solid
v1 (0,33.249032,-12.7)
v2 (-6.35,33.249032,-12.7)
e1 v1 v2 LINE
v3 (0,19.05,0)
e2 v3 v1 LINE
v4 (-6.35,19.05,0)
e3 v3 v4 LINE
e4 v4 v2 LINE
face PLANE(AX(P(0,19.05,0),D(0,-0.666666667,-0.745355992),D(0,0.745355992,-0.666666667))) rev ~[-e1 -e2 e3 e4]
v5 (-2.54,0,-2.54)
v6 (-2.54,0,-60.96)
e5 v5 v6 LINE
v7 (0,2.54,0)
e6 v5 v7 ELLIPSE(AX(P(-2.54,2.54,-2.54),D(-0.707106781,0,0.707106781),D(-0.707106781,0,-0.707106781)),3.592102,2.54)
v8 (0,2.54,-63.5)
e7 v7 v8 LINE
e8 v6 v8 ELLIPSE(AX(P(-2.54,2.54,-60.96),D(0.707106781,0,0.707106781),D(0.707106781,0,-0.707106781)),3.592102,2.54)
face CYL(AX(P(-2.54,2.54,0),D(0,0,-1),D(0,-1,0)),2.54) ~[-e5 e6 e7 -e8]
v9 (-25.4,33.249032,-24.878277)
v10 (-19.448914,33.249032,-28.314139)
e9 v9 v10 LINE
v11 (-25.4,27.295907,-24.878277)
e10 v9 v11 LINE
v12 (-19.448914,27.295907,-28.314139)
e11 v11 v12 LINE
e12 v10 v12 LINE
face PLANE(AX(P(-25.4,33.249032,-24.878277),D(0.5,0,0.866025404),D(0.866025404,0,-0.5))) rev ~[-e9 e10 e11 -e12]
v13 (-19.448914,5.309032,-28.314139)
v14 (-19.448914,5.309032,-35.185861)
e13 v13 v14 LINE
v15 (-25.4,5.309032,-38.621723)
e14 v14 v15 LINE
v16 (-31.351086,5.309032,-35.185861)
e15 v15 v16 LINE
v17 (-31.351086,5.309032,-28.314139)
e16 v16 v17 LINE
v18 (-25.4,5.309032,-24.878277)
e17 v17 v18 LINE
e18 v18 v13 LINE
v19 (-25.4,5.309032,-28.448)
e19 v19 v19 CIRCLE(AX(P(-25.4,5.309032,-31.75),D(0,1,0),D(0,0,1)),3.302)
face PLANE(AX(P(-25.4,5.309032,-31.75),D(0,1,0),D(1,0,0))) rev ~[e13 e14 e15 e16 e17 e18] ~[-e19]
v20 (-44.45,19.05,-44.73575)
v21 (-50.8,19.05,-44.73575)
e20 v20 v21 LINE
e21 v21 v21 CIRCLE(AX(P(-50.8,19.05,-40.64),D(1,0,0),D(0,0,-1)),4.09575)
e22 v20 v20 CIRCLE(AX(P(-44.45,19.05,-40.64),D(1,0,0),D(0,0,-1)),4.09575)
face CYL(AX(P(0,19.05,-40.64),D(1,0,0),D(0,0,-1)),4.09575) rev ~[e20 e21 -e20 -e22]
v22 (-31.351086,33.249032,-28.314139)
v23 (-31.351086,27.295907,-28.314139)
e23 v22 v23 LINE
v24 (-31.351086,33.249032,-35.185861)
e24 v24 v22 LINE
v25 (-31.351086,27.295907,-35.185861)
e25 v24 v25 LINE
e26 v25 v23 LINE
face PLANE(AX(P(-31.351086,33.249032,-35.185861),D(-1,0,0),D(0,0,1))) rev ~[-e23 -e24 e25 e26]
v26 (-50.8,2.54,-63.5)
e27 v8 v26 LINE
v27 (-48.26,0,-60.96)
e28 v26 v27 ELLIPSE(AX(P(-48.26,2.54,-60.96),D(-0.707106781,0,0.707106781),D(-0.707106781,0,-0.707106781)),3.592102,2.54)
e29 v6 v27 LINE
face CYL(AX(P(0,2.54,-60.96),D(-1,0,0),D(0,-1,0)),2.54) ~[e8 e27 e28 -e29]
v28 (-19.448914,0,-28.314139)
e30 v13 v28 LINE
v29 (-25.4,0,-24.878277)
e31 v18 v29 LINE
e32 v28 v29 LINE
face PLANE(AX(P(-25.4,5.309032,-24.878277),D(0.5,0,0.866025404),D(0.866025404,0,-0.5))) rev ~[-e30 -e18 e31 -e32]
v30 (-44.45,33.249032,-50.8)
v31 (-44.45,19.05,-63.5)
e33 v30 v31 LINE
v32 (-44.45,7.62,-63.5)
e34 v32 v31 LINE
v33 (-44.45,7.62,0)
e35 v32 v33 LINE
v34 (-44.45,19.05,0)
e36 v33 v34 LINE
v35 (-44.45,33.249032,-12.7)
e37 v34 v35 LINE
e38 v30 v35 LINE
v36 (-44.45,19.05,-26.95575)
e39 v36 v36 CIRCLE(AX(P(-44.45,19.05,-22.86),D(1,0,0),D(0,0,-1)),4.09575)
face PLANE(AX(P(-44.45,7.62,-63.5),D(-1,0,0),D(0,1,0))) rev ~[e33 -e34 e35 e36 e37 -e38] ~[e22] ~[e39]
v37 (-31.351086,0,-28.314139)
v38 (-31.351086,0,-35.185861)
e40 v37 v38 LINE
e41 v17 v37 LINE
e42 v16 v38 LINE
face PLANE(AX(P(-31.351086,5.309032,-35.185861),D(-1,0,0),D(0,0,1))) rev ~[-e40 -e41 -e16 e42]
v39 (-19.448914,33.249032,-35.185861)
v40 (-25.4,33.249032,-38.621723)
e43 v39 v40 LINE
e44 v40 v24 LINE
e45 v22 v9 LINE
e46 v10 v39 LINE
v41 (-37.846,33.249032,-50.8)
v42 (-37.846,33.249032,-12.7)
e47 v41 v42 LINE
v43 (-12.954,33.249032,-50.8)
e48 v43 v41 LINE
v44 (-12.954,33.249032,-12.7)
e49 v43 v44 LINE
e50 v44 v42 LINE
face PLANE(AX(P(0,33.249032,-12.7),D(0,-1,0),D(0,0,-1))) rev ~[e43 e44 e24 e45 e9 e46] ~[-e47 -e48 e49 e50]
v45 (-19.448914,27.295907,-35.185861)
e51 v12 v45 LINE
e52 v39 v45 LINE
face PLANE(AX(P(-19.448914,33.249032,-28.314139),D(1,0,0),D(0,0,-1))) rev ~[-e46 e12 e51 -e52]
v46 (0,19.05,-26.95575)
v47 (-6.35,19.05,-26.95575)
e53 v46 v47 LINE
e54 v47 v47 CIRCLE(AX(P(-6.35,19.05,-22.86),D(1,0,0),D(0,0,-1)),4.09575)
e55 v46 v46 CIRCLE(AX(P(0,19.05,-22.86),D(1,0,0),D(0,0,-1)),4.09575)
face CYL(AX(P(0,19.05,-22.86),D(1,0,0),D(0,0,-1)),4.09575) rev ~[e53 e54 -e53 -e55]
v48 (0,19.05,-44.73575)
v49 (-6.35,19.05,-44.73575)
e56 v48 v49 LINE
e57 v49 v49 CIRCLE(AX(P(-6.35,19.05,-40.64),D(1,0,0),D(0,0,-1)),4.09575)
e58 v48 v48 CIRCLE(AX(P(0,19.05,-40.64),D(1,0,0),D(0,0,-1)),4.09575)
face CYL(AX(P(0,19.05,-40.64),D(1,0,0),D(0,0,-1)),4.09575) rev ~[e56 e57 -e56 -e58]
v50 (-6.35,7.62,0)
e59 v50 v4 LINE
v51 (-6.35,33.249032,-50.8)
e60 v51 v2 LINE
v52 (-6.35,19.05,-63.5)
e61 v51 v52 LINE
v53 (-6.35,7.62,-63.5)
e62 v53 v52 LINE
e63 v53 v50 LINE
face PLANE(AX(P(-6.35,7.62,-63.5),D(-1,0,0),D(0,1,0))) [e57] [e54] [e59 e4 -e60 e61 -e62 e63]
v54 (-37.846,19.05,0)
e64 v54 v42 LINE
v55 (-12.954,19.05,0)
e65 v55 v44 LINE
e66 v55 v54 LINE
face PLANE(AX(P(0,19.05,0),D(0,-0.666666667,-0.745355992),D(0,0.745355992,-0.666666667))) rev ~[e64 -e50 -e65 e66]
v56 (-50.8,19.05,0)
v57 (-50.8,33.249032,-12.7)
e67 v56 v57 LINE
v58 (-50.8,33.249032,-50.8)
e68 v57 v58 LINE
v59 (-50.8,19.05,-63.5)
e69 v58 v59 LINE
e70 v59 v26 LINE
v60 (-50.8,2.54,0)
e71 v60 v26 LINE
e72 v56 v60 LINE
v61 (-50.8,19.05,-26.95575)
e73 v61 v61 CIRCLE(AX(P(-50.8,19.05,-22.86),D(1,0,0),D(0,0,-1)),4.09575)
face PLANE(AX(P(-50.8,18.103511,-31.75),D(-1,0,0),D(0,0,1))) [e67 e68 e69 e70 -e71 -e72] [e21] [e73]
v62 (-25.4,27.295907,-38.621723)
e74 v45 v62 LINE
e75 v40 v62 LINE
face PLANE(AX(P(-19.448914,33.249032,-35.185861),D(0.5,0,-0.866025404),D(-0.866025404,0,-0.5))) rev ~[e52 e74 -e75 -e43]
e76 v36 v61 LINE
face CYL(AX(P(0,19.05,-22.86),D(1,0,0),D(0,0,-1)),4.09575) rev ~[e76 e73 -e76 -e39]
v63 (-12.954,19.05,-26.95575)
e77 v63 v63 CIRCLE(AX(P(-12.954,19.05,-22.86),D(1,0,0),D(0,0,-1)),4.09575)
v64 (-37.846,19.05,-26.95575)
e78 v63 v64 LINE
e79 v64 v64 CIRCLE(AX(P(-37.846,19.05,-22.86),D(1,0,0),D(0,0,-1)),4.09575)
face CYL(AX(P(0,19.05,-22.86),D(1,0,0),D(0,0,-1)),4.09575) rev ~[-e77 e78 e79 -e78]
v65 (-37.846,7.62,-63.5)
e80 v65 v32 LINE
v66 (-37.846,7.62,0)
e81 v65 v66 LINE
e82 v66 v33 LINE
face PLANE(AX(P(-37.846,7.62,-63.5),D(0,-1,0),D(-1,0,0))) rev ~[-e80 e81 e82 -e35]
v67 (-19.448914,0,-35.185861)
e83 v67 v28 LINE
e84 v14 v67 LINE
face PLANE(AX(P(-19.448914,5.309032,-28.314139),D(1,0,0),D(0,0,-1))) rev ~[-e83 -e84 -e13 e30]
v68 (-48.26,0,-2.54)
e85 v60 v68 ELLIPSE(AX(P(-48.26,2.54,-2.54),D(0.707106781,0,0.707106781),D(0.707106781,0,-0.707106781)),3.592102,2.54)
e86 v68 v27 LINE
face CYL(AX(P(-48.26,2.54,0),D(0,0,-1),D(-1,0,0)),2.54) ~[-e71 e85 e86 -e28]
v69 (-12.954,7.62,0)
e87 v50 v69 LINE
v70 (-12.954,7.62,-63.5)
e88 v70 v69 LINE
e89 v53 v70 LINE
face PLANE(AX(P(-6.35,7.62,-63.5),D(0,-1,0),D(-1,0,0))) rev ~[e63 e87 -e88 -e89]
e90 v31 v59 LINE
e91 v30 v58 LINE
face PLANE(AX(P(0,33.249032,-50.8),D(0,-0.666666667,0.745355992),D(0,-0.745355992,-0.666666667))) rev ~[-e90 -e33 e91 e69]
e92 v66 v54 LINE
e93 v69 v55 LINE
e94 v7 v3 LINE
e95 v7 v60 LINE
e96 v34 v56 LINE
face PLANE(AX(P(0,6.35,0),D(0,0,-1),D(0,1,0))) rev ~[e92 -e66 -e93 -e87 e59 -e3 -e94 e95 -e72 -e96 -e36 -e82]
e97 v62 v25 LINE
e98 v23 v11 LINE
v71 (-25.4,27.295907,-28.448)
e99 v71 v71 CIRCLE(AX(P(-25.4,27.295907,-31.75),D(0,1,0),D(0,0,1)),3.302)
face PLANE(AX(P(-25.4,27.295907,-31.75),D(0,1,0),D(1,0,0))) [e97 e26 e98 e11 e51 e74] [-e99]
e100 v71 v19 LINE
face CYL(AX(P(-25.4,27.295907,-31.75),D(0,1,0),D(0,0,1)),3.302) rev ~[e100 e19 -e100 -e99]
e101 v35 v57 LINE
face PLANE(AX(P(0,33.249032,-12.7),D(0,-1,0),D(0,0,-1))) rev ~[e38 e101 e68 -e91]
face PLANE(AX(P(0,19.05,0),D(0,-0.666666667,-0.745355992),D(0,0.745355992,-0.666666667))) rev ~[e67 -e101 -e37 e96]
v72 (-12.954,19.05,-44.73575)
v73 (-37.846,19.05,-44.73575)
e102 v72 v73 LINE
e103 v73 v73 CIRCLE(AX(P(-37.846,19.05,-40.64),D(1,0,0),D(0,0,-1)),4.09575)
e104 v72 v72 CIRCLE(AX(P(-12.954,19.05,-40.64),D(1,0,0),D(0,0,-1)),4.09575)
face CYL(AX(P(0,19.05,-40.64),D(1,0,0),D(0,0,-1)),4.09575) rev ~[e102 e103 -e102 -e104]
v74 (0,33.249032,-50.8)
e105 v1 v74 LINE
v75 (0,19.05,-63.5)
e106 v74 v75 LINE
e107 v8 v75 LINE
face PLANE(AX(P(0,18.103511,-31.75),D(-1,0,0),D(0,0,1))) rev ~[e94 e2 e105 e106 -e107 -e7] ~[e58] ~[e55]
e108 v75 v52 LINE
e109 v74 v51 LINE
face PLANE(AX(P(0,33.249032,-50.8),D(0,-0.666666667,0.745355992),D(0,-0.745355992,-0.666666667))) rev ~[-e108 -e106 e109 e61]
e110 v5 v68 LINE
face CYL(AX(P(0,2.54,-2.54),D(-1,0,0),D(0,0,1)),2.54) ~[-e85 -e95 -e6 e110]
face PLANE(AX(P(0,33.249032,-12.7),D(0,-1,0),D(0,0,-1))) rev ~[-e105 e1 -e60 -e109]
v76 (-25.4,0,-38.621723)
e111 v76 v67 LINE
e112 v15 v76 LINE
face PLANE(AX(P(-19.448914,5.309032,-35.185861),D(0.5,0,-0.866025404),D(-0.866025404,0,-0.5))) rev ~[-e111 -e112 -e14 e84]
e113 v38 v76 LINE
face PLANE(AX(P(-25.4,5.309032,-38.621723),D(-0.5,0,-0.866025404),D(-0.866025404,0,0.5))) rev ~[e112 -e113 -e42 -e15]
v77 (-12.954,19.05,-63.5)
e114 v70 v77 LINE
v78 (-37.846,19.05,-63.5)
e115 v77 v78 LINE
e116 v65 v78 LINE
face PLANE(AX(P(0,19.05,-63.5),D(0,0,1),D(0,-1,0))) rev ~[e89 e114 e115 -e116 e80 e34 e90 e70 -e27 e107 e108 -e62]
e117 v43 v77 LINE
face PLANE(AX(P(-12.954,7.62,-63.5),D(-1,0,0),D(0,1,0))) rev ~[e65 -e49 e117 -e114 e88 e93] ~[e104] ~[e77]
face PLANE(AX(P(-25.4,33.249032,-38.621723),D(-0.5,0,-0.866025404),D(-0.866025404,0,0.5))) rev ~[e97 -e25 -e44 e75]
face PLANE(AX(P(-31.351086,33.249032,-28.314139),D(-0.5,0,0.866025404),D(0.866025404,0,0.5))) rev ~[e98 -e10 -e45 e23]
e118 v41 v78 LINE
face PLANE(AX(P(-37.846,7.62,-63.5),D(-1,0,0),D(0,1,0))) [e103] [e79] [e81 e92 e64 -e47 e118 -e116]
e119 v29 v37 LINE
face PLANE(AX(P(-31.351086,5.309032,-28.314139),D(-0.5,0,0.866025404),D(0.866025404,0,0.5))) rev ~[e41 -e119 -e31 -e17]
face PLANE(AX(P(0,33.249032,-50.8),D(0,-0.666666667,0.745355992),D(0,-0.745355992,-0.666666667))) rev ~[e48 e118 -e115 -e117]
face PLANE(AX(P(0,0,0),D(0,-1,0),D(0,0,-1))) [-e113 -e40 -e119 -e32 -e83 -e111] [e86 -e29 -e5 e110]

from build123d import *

# Parameters (mm, degrees)
SKETCH1_W           = 63.5
SKETCH1_H           = 6.35
BOSS_EXTRUDE1_DEPTH = 50.8
BOSS_EXTRUDE2_DEPTH = 50.8
SKETCH10_W          = 6.604
SKETCH10_H          = 25.629031657
CUT_EXTRUDE1_DEPTH  = 88.854357354
LPATTERN3_COUNT     = 2
LPATTERN3_PITCH     = 31.496
SKETCH11_R          = 4.09575
CUT_EXTRUDE2_DEPTH  = 88.854357354
CUT_EXTRUDE3_DEPTH  = 5.953125
LPATTERN4_COUNT     = 2
LPATTERN4_PITCH     = 27.94
SKETCH20_R          = 3.302
CUT_EXTRUDE4_DEPTH  = 21.986875
FILLET1_R           = 2.54


with BuildPart() as part:
    # Sketch1 → Boss-Extrude1 (new body)
    with BuildSketch(Plane(origin=(0, 0, 0), x_dir=(0, 0, -1), z_dir=(1, 0, 0))):
        with Locations((31.75, 3.175)):
            Rectangle(SKETCH1_W, SKETCH1_H)
    extrude(amount=-BOSS_EXTRUDE1_DEPTH)

    # Sketch2 → Boss-Extrude2 (add)
    with BuildSketch(Plane(origin=(0, 0, 0), x_dir=(0, 0, -1), z_dir=(1, 0, 0))):
        Polygon((0, 6.35), (0, 19.05), (12.7, 33.249031657), (50.8, 33.249031657), (63.5, 19.05), (63.5, 6.35), align=None)
    extrude(amount=-BOSS_EXTRUDE2_DEPTH)

    # Sketch10 → Cut-Extrude1 (cut, through all)
    with BuildSketch(Plane(origin=(0, 0, -63.5), x_dir=(-1, 0, 0), z_dir=(0, 0, -1))):
        with Locations((9.652, 20.434515829)):
            Rectangle(SKETCH10_W, SKETCH10_H)
    cut_extrude1 = extrude(amount=-CUT_EXTRUDE1_DEPTH, mode=Mode.SUBTRACT)

    # LPattern3: Cut-Extrude1 ×2
    with Locations(*[(-i * LPATTERN3_PITCH, 0, 0) for i in range(1, LPATTERN3_COUNT)]):
        add(cut_extrude1, mode=Mode.SUBTRACT)

    # Sketch11 → Cut-Extrude2 (cut, through all)
    with BuildSketch(Plane(origin=(0, 0, 0), x_dir=(0, 0, -1), z_dir=(1, 0, 0))):
        with Locations((22.86, 19.05)):
            Circle(SKETCH11_R)
        with Locations((40.64, 19.05)):
            Circle(SKETCH11_R)
    extrude(amount=-CUT_EXTRUDE2_DEPTH, mode=Mode.SUBTRACT)

    # Sketch19 → Cut-Extrude3 (cut)
    with BuildSketch(Plane(origin=(0, 33.249031657, 0), x_dir=(1, 0, 0), z_dir=(0, 1, 0))):
        Polygon((-19.448913651, 35.185861306), (-25.4, 38.621722611), (-31.351086349, 35.185861306), (-31.351086349, 28.314138694), (-25.4, 24.878277389), (-19.448913651, 28.314138694), align=None)
    cut_extrude3 = extrude(amount=-CUT_EXTRUDE3_DEPTH, mode=Mode.SUBTRACT)

    # LPattern4: Cut-Extrude3 ×2
    with Locations(*[(0, -i * LPATTERN4_PITCH, 0) for i in range(1, LPATTERN4_COUNT)]):
        add(cut_extrude3, mode=Mode.SUBTRACT)

    # Sketch20 → Cut-Extrude4 (cut)
    with BuildSketch(Plane(origin=(0, 27.295906657, 0), x_dir=(1, 0, 0), z_dir=(0, 1, 0))):
        with Locations(Location((-25.4, 31.75, 0), (0, 0, 270))):
            Circle(SKETCH20_R)
    extrude(amount=-CUT_EXTRUDE4_DEPTH, mode=Mode.SUBTRACT)

    # Fillet1
    fillet1_edges = [part.edges().sort_by_distance(p)[0] for p in [
        (0, 0, -31.75),
        (-50.8, 0, -31.75),
        (-25.4, 0, -63.5),
        (-25.4, 0, 0),
    ]]
    fillet(fillet1_edges, radius=FILLET1_R)


solid = part.part
